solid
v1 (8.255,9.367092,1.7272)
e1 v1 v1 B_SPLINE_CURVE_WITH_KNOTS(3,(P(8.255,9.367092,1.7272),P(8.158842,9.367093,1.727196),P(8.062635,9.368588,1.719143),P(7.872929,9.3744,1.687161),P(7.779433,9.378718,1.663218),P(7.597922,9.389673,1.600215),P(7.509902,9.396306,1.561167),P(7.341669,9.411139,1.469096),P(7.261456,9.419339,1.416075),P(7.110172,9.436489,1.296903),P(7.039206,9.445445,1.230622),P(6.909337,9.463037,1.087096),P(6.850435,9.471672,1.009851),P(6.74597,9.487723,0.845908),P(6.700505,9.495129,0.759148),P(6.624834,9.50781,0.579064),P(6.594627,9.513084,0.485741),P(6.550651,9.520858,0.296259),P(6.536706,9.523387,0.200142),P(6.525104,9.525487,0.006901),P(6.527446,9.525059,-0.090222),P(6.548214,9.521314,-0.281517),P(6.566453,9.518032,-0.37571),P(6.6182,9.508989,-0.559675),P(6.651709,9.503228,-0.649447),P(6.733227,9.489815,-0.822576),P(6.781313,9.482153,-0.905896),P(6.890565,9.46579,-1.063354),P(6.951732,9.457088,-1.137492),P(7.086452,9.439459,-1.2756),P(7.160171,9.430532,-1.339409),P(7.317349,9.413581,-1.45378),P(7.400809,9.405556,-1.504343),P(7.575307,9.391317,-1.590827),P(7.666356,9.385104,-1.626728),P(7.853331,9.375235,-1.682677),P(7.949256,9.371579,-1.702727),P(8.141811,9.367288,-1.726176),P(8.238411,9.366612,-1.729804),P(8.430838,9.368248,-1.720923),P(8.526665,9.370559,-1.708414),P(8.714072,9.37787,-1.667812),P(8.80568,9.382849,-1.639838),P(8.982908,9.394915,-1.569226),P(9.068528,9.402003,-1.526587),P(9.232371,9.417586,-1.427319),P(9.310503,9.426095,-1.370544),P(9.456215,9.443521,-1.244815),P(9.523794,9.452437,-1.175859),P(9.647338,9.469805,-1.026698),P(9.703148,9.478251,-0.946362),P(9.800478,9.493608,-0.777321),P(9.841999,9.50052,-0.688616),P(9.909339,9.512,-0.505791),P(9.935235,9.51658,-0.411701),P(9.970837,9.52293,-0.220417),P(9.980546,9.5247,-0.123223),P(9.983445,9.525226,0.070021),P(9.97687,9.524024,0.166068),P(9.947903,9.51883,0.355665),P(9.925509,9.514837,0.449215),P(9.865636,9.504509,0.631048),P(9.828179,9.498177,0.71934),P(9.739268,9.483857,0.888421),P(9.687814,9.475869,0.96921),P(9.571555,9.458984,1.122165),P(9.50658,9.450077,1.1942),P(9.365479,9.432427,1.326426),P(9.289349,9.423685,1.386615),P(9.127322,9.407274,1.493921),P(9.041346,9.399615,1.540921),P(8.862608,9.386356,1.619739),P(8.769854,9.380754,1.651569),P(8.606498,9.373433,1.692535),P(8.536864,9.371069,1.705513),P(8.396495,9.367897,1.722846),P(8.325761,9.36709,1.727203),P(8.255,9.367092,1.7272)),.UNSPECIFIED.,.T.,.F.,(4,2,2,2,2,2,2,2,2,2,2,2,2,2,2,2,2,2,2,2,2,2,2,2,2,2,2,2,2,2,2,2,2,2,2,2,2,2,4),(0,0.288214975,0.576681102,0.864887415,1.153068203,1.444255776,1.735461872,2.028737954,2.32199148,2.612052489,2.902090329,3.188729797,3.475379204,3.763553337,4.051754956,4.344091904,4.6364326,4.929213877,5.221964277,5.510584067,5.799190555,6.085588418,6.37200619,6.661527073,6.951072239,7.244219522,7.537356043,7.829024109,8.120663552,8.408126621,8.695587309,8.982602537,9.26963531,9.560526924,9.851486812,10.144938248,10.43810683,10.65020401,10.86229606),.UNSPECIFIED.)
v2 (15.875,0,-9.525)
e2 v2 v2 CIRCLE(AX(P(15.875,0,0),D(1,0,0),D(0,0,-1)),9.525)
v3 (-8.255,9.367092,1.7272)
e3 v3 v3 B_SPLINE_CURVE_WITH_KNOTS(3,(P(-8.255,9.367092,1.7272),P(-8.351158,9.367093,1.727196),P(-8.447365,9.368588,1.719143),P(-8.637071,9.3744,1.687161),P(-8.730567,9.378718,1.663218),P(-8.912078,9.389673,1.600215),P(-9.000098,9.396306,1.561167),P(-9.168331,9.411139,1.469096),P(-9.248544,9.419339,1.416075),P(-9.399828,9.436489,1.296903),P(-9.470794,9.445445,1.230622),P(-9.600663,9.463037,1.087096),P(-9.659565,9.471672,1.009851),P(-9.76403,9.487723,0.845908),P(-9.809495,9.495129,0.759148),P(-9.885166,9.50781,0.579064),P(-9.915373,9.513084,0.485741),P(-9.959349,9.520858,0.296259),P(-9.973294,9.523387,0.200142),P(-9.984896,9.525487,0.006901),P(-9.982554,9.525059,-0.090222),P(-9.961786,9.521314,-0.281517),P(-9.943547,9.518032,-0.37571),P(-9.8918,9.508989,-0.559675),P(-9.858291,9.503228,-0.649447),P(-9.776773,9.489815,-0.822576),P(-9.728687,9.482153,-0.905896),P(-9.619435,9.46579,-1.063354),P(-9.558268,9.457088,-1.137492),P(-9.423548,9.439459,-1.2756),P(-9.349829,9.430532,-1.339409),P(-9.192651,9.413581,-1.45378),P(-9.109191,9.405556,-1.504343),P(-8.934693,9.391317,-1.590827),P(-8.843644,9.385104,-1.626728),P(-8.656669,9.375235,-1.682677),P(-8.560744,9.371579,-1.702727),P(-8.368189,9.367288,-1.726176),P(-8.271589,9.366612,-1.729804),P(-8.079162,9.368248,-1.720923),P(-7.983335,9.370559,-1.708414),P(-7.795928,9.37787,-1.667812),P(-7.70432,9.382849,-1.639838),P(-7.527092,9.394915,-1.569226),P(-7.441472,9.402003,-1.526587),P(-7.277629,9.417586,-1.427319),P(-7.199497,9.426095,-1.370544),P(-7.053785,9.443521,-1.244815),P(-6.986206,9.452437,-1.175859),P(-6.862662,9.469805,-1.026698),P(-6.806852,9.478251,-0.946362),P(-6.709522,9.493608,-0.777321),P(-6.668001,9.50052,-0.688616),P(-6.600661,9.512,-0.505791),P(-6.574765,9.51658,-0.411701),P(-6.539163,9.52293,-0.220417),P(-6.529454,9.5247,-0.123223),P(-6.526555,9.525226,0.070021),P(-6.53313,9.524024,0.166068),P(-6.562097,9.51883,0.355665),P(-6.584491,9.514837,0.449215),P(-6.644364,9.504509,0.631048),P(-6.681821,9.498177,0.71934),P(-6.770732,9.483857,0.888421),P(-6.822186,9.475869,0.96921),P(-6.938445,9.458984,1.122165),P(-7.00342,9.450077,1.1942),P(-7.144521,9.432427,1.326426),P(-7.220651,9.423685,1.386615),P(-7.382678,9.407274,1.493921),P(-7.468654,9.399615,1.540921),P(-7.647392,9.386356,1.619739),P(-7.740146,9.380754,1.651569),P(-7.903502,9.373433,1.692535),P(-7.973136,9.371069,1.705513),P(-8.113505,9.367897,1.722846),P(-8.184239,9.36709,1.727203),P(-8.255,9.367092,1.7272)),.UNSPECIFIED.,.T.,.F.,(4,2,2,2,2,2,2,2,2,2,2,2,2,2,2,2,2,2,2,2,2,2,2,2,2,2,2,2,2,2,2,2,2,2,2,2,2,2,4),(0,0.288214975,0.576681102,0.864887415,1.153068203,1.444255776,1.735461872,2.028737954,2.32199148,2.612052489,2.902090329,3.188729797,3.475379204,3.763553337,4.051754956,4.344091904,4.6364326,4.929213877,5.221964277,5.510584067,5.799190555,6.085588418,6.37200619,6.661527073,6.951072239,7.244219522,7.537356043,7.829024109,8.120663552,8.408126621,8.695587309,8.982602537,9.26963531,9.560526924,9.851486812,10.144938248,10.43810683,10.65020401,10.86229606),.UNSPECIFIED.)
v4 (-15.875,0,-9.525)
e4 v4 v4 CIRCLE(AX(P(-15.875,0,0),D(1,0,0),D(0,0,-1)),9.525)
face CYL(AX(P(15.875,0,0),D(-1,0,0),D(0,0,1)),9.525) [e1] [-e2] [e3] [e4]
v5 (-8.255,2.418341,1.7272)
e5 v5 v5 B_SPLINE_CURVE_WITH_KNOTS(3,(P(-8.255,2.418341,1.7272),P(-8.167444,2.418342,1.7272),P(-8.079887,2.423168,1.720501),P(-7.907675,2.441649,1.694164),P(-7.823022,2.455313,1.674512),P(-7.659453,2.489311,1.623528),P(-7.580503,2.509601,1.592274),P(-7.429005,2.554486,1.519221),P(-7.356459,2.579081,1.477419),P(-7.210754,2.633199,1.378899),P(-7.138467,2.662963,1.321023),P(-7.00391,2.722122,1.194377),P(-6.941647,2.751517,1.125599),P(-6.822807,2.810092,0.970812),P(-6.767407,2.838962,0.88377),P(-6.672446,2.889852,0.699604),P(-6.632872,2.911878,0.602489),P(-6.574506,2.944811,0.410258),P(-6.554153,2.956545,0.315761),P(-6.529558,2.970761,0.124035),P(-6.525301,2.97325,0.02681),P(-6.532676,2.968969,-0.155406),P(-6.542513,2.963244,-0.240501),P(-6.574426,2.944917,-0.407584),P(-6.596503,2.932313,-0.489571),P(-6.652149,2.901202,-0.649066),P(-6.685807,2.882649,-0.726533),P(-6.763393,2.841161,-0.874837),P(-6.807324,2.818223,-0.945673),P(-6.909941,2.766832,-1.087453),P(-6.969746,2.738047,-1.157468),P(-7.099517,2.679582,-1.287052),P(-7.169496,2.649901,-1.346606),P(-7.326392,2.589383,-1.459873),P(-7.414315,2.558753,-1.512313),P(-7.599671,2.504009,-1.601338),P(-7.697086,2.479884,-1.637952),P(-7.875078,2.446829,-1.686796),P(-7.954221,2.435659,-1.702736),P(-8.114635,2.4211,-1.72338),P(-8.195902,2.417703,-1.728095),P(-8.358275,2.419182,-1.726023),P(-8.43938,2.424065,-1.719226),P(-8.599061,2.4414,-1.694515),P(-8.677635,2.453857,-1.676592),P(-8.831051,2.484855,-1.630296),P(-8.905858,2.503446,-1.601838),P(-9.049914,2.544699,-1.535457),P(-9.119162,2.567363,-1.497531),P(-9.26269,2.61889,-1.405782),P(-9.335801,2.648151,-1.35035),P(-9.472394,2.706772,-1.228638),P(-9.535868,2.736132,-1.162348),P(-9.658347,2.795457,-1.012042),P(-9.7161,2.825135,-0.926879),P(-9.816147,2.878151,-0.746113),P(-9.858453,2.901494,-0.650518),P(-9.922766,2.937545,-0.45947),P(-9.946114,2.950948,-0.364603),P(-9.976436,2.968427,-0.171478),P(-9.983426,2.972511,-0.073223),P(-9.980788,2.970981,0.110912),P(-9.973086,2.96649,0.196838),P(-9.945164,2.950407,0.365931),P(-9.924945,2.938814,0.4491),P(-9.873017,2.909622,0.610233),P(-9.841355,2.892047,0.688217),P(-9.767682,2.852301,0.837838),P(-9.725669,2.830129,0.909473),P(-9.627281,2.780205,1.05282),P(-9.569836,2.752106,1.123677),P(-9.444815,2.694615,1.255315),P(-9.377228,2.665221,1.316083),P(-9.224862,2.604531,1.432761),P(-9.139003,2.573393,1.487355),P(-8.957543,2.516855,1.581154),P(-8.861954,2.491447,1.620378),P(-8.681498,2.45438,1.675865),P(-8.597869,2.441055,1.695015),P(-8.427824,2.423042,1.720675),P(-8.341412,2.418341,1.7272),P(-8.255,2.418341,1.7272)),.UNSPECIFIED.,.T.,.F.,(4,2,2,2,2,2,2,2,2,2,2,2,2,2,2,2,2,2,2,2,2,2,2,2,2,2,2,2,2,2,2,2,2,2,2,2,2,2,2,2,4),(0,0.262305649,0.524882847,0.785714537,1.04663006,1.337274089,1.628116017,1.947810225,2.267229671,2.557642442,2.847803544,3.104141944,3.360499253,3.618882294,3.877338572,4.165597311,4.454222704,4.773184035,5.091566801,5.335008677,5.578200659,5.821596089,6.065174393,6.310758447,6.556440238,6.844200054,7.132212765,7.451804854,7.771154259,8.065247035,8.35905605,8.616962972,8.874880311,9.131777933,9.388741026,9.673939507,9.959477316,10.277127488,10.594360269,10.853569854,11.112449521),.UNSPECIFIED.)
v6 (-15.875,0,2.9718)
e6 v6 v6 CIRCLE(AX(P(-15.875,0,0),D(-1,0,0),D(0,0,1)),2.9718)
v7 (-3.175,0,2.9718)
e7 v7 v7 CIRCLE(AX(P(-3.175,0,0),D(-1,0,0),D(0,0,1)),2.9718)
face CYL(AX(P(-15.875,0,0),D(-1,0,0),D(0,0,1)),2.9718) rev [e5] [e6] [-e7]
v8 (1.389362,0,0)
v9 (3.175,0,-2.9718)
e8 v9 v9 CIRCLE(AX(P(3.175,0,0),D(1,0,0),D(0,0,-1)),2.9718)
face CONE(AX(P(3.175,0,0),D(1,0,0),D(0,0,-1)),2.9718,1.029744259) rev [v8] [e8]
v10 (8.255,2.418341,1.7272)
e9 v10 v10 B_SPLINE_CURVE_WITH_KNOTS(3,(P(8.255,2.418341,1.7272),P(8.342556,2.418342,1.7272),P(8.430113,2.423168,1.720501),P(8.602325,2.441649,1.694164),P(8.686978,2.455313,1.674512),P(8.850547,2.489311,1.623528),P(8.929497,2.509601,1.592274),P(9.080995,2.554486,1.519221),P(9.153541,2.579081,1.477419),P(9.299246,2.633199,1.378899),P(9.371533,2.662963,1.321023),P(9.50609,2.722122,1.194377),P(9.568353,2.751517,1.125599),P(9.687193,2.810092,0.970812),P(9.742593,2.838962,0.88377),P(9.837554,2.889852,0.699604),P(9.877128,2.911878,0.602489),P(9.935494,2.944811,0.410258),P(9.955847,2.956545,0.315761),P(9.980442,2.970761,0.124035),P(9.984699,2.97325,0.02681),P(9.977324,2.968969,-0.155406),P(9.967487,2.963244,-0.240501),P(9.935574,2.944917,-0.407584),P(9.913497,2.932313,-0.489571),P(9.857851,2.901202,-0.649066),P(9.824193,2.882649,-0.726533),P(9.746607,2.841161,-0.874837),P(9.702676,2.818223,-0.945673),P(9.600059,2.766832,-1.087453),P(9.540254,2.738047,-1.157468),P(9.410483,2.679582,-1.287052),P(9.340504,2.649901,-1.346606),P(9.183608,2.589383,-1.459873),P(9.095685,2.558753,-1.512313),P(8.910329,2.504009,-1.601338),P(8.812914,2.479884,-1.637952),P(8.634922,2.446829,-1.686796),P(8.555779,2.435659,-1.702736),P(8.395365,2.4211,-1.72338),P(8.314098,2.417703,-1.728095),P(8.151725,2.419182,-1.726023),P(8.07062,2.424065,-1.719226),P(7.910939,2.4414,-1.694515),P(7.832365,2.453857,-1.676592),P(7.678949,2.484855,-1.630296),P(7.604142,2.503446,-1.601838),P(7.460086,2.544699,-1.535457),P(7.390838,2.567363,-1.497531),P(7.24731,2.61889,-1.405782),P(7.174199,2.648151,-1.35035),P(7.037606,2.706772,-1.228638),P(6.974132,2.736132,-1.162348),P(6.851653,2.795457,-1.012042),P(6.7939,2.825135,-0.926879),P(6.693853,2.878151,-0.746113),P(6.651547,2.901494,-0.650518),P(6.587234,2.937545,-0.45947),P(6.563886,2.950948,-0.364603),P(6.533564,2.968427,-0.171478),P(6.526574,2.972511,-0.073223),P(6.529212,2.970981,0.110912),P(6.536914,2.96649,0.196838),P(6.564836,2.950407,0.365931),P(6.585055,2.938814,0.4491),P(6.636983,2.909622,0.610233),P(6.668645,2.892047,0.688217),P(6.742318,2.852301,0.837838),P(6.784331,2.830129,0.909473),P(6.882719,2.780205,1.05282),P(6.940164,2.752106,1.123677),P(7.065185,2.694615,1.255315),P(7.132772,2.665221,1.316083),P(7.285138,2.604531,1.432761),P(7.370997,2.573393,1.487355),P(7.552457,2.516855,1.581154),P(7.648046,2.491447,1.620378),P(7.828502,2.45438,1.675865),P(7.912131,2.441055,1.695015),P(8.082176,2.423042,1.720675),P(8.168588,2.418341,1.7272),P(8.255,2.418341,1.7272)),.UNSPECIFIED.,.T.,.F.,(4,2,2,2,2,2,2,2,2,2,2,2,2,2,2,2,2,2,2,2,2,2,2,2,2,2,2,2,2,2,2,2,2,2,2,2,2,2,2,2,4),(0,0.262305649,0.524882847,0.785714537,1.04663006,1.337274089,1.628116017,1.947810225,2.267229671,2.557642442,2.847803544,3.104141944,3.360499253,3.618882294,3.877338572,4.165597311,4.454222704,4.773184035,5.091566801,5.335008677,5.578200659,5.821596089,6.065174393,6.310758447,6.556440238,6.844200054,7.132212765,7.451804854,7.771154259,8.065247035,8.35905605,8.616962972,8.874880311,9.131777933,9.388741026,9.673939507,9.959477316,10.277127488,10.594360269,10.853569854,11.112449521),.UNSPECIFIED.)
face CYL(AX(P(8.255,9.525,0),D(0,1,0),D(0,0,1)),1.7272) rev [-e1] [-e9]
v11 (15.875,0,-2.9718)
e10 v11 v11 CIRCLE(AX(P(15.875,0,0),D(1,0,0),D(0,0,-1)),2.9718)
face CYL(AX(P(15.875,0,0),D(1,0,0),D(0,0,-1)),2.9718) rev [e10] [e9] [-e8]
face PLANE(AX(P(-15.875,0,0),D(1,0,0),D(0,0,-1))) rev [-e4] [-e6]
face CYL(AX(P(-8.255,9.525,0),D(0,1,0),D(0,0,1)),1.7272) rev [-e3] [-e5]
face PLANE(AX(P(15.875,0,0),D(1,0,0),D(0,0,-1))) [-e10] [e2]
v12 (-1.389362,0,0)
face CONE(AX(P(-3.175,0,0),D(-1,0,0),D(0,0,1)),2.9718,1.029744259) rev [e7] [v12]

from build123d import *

# Parameters (mm, degrees)
SKETCH1_R                         = 9.525
BOSS_EXTRUDE1_DEPTH               = 15.875
A_DIAMETER_DRIVE_SHAFT_SIDE_D     = 5.9436
A_DIAMETER_DRIVE_SHAFT_SIDE_DEPTH = 12.7
A_DIAMETER_DRIVE_SHAFT_SIDE_TIP   = 1.785637588
A_DIAMETER_MOTOR_SHAFT_SIDE_D     = 5.9436
A_DIAMETER_MOTOR_SHAFT_SIDE_DEPTH = 12.7
A_DIAMETER_MOTOR_SHAFT_SIDE_TIP   = 1.785637588
F_8_32_TAPPED_HOLE1_REACH         = 28.564
F_8_32_TAPPED_HOLE1_BORE_R        = 1.7272


with BuildPart() as part:
    # Sketch1 → Boss-Extrude1 (new, symmetric)
    with BuildSketch(Plane(origin=(0, 0, 0), x_dir=(0, 0, -1), z_dir=(1, 0, 0))):
        Circle(SKETCH1_R)
    extrude(amount=BOSS_EXTRUDE1_DEPTH, both=True)

    # A Diameter Drive Shaft Side
    with Locations(Plane.ZY.offset(15.875)):
        with Locations((0, 0)):
            Hole(A_DIAMETER_DRIVE_SHAFT_SIDE_D / 2, depth=A_DIAMETER_DRIVE_SHAFT_SIDE_DEPTH)
            with Locations((0, 0, -(A_DIAMETER_DRIVE_SHAFT_SIDE_DEPTH + A_DIAMETER_DRIVE_SHAFT_SIDE_TIP / 2))):  # 118° drill point
                Cone(0, A_DIAMETER_DRIVE_SHAFT_SIDE_D / 2, A_DIAMETER_DRIVE_SHAFT_SIDE_TIP, mode=Mode.SUBTRACT)

    # A Diameter Motor Shaft Side
    with Locations(Plane(origin=(15.875, 0, 0), x_dir=(0, 0, -1), z_dir=(1, 0, 0))):
        with Locations((0, 0)):
            Hole(A_DIAMETER_MOTOR_SHAFT_SIDE_D / 2, depth=A_DIAMETER_MOTOR_SHAFT_SIDE_DEPTH)
            with Locations((0, 0, -(A_DIAMETER_MOTOR_SHAFT_SIDE_DEPTH + A_DIAMETER_MOTOR_SHAFT_SIDE_TIP / 2))):  # 118° drill point
                Cone(0, A_DIAMETER_MOTOR_SHAFT_SIDE_D / 2, A_DIAMETER_MOTOR_SHAFT_SIDE_TIP, mode=Mode.SUBTRACT)

    # #8-32 Tapped Hole1 bore → #8-32 Tapped Hole1 (cut, up to next)
    with BuildSketch(Plane(origin=(0, 9.525, 0), x_dir=(1, 0, 0), z_dir=(0, 1, 0)), mode=Mode.PRIVATE) as f_8_32_tapped_hole1_sk1:
        with Locations((-8.255, 0)):
            Circle(F_8_32_TAPPED_HOLE1_BORE_R)
    f_8_32_tapped_hole1_tool1 = extrude(f_8_32_tapped_hole1_sk1.sketch, amount=-F_8_32_TAPPED_HOLE1_REACH, mode=Mode.PRIVATE) & part.part
    # #8-32 Tapped Hole1 bore → #8-32 Tapped Hole1 (cut, up to next)
    with BuildSketch(Plane(origin=(0, 9.525, 0), x_dir=(1, 0, 0), z_dir=(0, 1, 0)), mode=Mode.PRIVATE) as f_8_32_tapped_hole1_sk2:
        with Locations((8.255, 0)):
            Circle(F_8_32_TAPPED_HOLE1_BORE_R)
    f_8_32_tapped_hole1_tool2 = extrude(f_8_32_tapped_hole1_sk2.sketch, amount=-F_8_32_TAPPED_HOLE1_REACH, mode=Mode.PRIVATE) & part.part
    add(f_8_32_tapped_hole1_tool1.solids().sort_by_distance((-8.255, 9.525, 0))[0], mode=Mode.SUBTRACT)
    add(f_8_32_tapped_hole1_tool2.solids().sort_by_distance((8.255, 9.525, 0))[0], mode=Mode.SUBTRACT)


solid = part.part
